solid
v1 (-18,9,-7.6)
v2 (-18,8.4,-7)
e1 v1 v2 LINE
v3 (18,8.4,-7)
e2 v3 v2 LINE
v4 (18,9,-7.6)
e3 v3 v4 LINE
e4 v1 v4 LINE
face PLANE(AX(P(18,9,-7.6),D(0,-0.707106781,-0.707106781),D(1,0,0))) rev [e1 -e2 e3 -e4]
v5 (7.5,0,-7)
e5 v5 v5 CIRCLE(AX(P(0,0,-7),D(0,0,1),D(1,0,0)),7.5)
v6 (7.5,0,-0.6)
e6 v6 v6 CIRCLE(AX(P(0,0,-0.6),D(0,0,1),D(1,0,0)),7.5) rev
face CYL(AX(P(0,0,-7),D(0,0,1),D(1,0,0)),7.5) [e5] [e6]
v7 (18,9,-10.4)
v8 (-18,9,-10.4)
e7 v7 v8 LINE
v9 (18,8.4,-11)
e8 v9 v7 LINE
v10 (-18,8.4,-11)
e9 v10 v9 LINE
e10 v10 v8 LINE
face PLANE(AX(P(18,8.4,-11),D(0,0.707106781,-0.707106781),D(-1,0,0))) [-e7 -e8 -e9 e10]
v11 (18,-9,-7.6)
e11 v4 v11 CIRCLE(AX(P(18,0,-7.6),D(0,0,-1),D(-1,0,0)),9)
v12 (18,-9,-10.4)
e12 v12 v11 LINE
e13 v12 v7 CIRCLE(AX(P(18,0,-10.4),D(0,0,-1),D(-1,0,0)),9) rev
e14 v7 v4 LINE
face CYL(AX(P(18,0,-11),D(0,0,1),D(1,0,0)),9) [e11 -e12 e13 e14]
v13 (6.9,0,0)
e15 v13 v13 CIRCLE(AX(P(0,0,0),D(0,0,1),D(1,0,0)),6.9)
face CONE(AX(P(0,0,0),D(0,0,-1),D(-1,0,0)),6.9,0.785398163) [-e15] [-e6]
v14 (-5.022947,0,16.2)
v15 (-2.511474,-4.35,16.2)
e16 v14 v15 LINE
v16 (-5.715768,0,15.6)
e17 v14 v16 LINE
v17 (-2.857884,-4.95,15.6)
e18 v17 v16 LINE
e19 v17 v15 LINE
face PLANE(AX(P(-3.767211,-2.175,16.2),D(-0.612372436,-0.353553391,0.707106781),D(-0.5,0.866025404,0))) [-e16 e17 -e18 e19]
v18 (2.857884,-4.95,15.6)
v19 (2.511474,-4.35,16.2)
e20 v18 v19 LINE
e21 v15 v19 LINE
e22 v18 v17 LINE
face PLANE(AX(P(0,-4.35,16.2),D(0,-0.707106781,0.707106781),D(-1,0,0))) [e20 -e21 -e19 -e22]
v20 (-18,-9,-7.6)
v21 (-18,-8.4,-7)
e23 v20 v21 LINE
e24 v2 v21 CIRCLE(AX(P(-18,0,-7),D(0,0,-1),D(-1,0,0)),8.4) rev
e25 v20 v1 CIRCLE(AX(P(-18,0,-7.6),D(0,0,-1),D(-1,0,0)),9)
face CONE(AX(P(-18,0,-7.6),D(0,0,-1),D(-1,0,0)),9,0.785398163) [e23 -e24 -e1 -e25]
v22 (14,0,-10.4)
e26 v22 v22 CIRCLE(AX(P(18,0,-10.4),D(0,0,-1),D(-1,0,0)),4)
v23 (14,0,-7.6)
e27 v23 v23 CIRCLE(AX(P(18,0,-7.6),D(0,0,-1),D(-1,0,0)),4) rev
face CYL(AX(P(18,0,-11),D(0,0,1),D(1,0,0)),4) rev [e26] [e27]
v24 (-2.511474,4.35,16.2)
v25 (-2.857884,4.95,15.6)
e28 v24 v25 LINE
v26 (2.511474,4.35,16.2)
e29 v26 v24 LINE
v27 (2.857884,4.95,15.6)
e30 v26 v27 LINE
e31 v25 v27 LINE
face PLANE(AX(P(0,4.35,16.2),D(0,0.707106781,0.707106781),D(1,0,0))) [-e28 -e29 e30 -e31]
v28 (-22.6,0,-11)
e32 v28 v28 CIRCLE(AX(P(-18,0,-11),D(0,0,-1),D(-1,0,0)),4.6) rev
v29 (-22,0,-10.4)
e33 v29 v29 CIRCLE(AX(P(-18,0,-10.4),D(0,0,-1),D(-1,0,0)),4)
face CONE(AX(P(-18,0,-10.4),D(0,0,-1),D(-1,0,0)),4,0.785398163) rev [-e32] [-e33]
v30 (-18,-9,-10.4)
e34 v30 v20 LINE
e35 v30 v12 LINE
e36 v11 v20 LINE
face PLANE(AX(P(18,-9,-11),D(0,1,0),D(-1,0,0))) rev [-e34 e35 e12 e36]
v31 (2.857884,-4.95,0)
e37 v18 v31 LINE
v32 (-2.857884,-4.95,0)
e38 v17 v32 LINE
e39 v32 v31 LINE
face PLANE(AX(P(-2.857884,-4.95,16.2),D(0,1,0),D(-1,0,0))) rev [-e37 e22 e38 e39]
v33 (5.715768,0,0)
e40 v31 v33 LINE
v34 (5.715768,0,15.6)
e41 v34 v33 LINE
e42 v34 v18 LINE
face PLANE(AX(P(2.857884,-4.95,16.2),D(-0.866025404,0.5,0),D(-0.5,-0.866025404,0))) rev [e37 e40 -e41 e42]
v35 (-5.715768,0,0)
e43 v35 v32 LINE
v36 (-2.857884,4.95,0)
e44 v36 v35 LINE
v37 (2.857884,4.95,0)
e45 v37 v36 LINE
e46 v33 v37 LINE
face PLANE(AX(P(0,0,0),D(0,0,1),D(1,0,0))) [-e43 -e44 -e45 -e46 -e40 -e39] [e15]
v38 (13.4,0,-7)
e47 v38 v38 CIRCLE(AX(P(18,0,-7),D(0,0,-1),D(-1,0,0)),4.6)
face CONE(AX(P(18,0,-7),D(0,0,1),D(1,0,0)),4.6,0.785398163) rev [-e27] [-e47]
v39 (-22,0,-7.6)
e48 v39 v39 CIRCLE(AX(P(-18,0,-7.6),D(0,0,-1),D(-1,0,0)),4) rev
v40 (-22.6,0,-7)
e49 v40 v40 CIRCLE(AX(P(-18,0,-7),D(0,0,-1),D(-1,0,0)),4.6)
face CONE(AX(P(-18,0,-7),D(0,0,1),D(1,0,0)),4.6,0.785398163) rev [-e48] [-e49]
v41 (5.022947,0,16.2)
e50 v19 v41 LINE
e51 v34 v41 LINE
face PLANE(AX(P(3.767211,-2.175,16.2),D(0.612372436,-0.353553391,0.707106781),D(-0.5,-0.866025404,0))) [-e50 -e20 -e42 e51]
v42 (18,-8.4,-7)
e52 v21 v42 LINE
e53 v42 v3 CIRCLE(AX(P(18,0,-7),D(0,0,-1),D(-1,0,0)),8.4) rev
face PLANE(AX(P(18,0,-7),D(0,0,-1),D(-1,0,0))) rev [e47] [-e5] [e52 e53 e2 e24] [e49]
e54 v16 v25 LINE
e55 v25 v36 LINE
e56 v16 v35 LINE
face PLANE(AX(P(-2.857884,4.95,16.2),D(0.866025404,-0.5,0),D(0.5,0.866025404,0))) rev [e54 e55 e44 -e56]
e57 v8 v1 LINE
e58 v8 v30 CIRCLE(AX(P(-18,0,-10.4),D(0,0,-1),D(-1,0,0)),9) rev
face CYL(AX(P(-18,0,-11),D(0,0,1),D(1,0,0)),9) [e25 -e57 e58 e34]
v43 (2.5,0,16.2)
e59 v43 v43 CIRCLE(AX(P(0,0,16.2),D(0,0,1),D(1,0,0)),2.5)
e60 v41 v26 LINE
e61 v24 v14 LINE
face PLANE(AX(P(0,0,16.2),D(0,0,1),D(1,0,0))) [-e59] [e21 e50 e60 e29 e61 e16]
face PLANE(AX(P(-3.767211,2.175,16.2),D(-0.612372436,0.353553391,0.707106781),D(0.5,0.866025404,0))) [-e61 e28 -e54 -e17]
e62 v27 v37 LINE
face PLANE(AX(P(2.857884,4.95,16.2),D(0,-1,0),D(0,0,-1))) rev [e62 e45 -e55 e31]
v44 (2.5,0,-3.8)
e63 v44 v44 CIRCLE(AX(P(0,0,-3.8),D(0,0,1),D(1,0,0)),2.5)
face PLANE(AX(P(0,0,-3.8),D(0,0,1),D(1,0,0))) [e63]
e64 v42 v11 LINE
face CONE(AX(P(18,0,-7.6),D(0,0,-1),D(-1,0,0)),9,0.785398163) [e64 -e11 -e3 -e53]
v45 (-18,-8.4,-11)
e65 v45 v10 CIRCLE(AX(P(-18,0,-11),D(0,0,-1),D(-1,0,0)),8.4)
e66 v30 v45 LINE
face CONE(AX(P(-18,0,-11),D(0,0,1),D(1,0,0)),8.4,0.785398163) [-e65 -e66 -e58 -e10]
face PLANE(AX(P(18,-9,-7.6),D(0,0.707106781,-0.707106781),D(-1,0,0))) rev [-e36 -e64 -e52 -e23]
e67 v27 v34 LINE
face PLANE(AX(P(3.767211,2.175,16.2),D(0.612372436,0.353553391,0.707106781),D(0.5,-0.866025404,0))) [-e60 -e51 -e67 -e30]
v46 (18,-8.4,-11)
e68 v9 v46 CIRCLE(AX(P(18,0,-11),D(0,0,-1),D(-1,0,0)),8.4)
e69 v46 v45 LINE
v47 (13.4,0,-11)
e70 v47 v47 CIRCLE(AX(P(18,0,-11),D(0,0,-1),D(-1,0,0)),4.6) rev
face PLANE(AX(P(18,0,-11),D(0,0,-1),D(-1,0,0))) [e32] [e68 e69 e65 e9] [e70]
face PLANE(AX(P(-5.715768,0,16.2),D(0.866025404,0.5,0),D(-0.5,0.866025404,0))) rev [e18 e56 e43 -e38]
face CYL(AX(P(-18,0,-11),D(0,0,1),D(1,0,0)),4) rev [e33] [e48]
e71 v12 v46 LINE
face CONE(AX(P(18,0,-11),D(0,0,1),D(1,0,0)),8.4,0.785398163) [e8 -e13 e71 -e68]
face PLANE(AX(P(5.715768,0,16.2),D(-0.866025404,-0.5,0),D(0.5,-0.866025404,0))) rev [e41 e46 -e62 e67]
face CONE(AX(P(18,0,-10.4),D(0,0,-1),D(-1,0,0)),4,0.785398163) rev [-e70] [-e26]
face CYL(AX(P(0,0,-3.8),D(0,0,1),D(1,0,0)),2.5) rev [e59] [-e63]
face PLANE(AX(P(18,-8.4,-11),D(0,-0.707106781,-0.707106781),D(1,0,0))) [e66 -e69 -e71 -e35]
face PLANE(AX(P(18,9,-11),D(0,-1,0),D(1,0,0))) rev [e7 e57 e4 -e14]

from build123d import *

# Parameters (mm, degrees)
BOSS_EXTRUDE1_DEPTH = 16.2
SKETCH2_R           = 7.5
BOSS_EXTRUDE2_DEPTH = 7
SKETCH3_R           = 4
BOSS_EXTRUDE3_DEPTH = 4
CHAMFER1_SIZE       = 0.6
SKETCH4_R           = 2.5
CUT_EXTRUDE1_DEPTH  = 20


with BuildPart() as part:
    # Sketch1 → Boss-Extrude1 (new body)
    with BuildSketch(Plane.XY):
        Polygon((2.857883832, -4.95), (5.715767665, 0), (2.857883832, 4.95), (-2.857883832, 4.95), (-5.715767665, 0), (-2.857883832, -4.95), align=None)
    extrude(amount=BOSS_EXTRUDE1_DEPTH)

    # Sketch2 → Boss-Extrude2 (add)
    with BuildSketch(Plane.XY):
        Circle(SKETCH2_R)
    extrude(amount=-BOSS_EXTRUDE2_DEPTH)

    # Sketch3 → Boss-Extrude3 (add)
    with BuildSketch(Plane(origin=(0, 0, -7), x_dir=(-1, 0, 0), z_dir=(0, 0, -1))):
        with BuildLine():
            Line((-18, 9), (18, 9))
            ThreePointArc((18, 9), (27, 0), (18, -9))
            Line((18, -9), (-18, -9))
            ThreePointArc((-18, -9), (-27, 0), (-18, 9))
        make_face()
        with Locations((-18, 0)):
            Circle(SKETCH3_R, mode=Mode.SUBTRACT)
        with Locations((18, 0)):
            Circle(SKETCH3_R, mode=Mode.SUBTRACT)
    extrude(amount=BOSS_EXTRUDE3_DEPTH)

    # Chamfer1
    chamfer1_edges = [part.edges().sort_by_distance(p)[0] for p in [
        (4.286825749, 2.475, 16.2),
        (0, 4.95, 16.2),
        (-7.5, 0, 0),
        (-4.286825749, 2.475, 16.2),
        (-4.286825749, -2.475, 16.2),
        (27, 0, -11),
        (0, -9, -11),
        (-27, 0, -11),
        (0, 9, -11),
        (22, 0, -7),
        (-14, 0, -7),
        (27, 0, -7),
        (0, -9, -7),
        (-27, 0, -7),
        (0, 9, -7),
        (22, 0, -11),
        (-14, 0, -11),
        (0, -4.95, 16.2),
        (4.286825749, -2.475, 16.2),
    ]]
    chamfer(chamfer1_edges, length=CHAMFER1_SIZE)

    # Sketch4 → Cut-Extrude1 (cut)
    with BuildSketch(Plane.XY.offset(16.2)):
        Circle(SKETCH4_R)
    extrude(amount=-CUT_EXTRUDE1_DEPTH, mode=Mode.SUBTRACT)


solid = part.part
